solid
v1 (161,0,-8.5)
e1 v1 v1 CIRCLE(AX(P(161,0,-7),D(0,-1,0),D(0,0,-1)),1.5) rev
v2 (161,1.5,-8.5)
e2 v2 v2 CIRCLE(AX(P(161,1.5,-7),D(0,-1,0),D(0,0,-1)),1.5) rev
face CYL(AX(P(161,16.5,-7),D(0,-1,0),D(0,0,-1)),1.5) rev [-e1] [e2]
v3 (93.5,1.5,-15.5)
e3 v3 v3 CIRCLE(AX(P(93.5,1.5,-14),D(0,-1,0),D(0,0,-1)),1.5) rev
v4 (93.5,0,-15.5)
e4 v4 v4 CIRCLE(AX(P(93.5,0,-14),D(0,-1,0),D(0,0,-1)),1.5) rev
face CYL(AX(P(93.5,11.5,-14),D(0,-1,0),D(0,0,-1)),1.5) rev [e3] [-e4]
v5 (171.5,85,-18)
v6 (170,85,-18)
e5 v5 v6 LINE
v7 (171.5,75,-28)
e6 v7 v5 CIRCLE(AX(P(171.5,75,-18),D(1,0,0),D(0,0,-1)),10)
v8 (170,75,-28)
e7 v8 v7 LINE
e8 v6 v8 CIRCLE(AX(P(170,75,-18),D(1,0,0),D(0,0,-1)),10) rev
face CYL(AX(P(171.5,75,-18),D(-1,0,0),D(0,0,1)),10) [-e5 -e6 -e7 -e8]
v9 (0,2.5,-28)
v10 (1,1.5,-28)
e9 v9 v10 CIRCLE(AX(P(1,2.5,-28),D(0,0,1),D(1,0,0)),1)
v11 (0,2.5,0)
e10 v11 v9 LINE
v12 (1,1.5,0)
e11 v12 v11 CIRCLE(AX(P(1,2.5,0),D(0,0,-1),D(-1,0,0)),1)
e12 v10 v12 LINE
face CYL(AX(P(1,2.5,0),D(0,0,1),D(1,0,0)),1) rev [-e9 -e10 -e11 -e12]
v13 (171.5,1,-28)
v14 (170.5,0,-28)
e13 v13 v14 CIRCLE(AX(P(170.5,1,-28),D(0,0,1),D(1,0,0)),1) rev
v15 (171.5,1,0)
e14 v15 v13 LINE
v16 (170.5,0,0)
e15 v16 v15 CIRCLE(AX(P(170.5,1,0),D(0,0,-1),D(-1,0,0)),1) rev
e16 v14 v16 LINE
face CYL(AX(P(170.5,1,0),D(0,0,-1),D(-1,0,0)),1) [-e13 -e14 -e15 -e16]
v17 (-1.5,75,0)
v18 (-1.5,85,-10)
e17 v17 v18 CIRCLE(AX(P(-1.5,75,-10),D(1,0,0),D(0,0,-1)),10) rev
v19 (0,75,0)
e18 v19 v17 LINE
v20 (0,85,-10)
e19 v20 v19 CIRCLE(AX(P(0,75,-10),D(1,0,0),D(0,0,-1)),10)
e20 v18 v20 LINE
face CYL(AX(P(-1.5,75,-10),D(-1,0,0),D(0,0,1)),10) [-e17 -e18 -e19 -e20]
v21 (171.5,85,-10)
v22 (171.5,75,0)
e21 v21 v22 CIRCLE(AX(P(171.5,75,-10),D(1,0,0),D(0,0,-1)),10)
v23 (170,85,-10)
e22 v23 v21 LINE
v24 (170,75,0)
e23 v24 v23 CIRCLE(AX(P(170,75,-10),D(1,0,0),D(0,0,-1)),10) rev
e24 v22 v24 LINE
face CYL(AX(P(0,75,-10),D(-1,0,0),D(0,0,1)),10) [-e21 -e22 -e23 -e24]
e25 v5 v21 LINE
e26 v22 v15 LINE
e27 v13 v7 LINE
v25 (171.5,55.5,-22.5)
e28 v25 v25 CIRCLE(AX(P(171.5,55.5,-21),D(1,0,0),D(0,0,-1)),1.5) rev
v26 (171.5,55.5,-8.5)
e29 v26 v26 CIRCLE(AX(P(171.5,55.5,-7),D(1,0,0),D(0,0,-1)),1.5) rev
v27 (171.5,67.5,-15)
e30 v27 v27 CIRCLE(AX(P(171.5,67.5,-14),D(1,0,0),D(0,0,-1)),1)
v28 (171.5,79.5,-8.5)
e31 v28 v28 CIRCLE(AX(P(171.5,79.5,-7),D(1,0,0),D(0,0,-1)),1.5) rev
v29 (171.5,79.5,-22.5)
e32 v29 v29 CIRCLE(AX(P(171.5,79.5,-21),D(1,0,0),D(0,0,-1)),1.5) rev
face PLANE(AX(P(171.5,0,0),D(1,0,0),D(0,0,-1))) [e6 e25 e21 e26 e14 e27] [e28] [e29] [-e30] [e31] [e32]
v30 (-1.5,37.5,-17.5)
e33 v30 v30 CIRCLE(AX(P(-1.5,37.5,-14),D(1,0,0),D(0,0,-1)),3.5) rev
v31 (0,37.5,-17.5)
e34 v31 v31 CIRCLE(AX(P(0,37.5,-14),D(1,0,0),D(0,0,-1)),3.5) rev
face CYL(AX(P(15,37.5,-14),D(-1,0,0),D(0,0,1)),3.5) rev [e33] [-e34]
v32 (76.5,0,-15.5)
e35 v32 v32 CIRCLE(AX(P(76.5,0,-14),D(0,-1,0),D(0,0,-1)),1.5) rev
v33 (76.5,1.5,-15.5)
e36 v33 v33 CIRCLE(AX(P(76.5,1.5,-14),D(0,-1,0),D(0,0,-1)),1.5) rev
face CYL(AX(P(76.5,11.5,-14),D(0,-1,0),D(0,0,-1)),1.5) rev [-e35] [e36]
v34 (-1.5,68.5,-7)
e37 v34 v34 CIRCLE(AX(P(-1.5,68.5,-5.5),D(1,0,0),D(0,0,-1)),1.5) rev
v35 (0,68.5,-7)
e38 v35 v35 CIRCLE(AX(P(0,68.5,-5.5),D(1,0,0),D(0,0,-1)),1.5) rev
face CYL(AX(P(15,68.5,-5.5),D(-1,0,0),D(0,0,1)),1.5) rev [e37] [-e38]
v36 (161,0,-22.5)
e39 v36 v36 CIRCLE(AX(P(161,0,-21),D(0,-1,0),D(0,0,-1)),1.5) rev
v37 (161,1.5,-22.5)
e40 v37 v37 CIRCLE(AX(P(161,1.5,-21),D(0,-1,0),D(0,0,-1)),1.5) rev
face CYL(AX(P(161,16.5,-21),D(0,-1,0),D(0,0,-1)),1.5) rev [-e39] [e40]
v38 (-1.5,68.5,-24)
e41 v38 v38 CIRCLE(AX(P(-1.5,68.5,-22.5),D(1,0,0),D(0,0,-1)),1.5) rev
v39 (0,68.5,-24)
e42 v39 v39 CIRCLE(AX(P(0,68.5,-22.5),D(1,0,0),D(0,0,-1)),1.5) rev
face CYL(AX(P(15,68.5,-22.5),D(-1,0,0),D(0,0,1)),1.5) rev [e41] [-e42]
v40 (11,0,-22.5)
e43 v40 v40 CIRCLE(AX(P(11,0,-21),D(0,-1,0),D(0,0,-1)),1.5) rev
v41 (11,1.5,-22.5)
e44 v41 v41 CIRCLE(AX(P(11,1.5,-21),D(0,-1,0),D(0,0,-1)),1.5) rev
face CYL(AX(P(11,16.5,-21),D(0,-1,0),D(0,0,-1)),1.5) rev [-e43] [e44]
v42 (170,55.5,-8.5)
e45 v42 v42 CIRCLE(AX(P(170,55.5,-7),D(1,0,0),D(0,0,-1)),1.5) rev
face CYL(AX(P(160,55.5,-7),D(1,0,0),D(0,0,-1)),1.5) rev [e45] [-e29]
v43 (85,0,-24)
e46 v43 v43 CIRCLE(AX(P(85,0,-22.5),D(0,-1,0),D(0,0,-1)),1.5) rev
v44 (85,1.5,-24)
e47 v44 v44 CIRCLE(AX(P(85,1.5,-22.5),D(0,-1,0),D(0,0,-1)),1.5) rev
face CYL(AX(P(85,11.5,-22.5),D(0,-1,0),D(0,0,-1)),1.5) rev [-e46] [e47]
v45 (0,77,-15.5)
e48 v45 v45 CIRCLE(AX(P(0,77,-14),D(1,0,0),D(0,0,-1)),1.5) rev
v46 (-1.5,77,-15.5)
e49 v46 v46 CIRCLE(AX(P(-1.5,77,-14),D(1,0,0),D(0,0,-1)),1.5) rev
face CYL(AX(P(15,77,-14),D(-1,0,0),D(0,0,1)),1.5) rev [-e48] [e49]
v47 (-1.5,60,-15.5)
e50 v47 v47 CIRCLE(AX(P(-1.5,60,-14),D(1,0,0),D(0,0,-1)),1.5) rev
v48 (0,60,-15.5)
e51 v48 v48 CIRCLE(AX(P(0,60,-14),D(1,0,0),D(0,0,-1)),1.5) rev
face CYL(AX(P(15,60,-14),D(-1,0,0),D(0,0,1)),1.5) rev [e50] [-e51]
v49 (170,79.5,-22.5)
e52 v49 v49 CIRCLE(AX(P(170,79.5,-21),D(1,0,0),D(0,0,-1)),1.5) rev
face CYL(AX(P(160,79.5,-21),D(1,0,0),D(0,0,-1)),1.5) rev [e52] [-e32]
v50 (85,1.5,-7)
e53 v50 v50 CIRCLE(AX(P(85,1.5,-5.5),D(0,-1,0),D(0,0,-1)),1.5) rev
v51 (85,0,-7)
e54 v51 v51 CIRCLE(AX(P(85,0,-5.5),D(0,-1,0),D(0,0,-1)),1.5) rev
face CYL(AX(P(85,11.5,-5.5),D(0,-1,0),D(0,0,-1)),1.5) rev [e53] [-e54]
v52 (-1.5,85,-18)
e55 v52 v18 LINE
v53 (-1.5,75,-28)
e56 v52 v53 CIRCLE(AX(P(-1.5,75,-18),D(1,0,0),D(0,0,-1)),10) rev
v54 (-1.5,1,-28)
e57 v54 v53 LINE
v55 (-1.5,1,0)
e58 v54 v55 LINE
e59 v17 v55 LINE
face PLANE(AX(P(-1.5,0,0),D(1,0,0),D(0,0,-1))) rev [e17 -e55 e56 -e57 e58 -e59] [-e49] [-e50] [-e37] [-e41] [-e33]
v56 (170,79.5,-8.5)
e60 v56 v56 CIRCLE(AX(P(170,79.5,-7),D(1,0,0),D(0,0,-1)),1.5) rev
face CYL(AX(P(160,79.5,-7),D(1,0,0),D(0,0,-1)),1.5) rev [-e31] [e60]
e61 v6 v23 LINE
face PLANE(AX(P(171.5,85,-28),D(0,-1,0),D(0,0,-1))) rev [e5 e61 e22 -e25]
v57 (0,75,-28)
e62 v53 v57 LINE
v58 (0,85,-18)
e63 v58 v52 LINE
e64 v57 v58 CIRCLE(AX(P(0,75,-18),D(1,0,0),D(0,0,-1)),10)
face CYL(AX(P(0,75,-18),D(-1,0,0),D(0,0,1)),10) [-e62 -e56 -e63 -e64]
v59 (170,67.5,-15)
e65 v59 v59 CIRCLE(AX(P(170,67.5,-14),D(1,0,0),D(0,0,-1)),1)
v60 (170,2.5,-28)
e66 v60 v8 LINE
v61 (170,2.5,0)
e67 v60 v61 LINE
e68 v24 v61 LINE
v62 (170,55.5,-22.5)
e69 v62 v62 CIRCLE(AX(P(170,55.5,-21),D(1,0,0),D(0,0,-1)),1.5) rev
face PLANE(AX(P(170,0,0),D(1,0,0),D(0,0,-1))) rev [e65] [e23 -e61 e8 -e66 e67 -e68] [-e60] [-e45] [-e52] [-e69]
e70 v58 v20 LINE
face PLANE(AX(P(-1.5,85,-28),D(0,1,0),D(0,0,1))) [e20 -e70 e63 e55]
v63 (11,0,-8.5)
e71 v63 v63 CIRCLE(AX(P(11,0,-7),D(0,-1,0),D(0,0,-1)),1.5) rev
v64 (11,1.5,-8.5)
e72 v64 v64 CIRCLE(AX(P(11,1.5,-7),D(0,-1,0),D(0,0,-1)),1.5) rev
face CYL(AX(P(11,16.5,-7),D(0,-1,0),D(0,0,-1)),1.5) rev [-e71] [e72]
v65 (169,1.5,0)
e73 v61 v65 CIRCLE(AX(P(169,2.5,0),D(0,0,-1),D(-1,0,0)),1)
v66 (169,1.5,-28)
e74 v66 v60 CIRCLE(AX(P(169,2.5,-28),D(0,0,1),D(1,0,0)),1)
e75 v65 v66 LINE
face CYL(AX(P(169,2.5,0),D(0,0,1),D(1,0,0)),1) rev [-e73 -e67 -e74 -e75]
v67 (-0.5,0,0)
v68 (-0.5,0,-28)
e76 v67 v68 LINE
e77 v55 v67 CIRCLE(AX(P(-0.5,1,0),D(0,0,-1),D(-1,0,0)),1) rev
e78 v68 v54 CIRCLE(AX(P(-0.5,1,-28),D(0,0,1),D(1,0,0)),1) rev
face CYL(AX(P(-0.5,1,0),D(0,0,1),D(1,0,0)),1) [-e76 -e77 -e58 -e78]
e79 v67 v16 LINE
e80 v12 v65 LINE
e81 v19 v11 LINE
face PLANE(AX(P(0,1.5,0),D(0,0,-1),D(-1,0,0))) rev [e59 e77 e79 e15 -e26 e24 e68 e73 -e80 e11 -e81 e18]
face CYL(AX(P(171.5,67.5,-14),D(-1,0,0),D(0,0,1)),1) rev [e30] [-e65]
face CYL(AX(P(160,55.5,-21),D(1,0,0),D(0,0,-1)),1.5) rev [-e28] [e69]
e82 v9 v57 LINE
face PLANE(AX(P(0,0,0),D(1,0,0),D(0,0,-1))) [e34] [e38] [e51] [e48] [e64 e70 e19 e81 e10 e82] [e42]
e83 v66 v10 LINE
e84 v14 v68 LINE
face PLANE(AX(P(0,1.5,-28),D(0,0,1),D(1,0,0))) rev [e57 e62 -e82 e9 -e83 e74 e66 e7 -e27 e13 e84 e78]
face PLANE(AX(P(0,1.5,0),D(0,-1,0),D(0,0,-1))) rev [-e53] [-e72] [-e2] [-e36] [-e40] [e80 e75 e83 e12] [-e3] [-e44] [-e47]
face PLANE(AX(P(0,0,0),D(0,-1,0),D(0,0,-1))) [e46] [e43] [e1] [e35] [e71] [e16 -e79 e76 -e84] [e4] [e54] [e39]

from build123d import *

# Parameters (mm, degrees)
SKETCH1_W               = 170
SKETCH1_H               = 28
BOSS_EXTRUDE1_DEPTH     = 1.5
SKETCH2_W               = 28
SKETCH2_H               = 85
BOSS_EXTRUDE2_DEPTH     = 1.5
FILLET2_R               = 10
FILLET3_R               = 1
FILLET4_R               = 1
SKETCH5_R               = 1.5
CUT_EXTRUDE2_DEPTH      = 15
CUT_EXTRUDE2_DEPTH_BACK = 15
SKETCH7_R               = 3.5
CUT_EXTRUDE3_DEPTH      = 15
CUT_EXTRUDE3_DEPTH_BACK = 15
SKETCH8_R               = 1.5
CUT_EXTRUDE4_DEPTH      = 15
CUT_EXTRUDE4_DEPTH_BACK = 15
SKETCH11_W              = 28
SKETCH11_H              = 85
SKETCH11_R              = 1
BOSS_EXTRUDE5_DEPTH     = 1.5
FILLET5_R               = 1
FILLET6_R               = 1
FILLET7_R               = 10
FILLET8_R               = 10
SKETCH12_R              = 1.5
CUT_EXTRUDE5_DEPTH      = 10
CUT_EXTRUDE5_DEPTH_BACK = 10
SKETCH13_R              = 1.5
CUT_EXTRUDE6_DEPTH      = 10
CUT_EXTRUDE6_DEPTH_BACK = 10


with BuildPart() as part:
    # Sketch1 → Boss-Extrude1 (new body)
    with BuildSketch(Plane(origin=(0, 0, 0), x_dir=(1, 0, 0), z_dir=(0, 1, 0))):
        with Locations((85, 14)):
            Rectangle(SKETCH1_W, SKETCH1_H)
    extrude(amount=BOSS_EXTRUDE1_DEPTH)

    # Sketch2 → Boss-Extrude2 (add)
    with BuildSketch(Plane(origin=(0, 0, 0), x_dir=(0, 0, -1), z_dir=(1, 0, 0))):
        with Locations((14, 42.5)):
            Rectangle(SKETCH2_W, SKETCH2_H)
    extrude(amount=-BOSS_EXTRUDE2_DEPTH)

    # Fillet2
    fillet2_edges = [part.edges().sort_by_distance(p)[0] for p in [
        (-0.75, 85, -28),
        (-0.75, 85, 0),
    ]]
    fillet(fillet2_edges, radius=FILLET2_R)

    # Fillet3
    fillet3_edges = [part.edges().sort_by_distance(p)[0] for p in [
        (-1.5, 0, -14),
    ]]
    fillet(fillet3_edges, radius=FILLET3_R)

    # Fillet4
    fillet4_edges = [part.edges().sort_by_distance(p)[0] for p in [
        (0, 1.5, -14),
    ]]
    fillet(fillet4_edges, radius=FILLET4_R)

    # Sketch5 → Cut-Extrude2 (cut, two sides)
    with BuildSketch(Plane(origin=(0, 0, 0), x_dir=(0, 0, -1), z_dir=(1, 0, 0))) as cut_extrude2_sk:
        with Locations((14, 77)):
            Circle(SKETCH5_R)
        with Locations((14, 60)):
            Circle(SKETCH5_R)
        with Locations((22.5, 68.5)):
            Circle(SKETCH5_R)
        with Locations((5.5, 68.5)):
            Circle(SKETCH5_R)
    extrude(amount=CUT_EXTRUDE2_DEPTH, mode=Mode.SUBTRACT)
    extrude(cut_extrude2_sk.sketch, amount=-CUT_EXTRUDE2_DEPTH_BACK, mode=Mode.SUBTRACT)

    # Sketch7 → Cut-Extrude3 (cut, two sides)
    with BuildSketch(Plane(origin=(0, 0, 0), x_dir=(0, 0, -1), z_dir=(1, 0, 0))) as cut_extrude3_sk:
        with Locations((14, 37.5)):
            Circle(SKETCH7_R)
    extrude(amount=CUT_EXTRUDE3_DEPTH, mode=Mode.SUBTRACT)
    extrude(cut_extrude3_sk.sketch, amount=-CUT_EXTRUDE3_DEPTH_BACK, mode=Mode.SUBTRACT)

    # Sketch8 → Cut-Extrude4 (cut, two sides)
    with BuildSketch(Plane(origin=(0, 1.5, 0), x_dir=(1, 0, 0), z_dir=(0, 1, 0))) as cut_extrude4_sk:
        with Locations((161, 7)):
            Circle(SKETCH8_R)
        with Locations((11, 21)):
            Circle(SKETCH8_R)
        with Locations((11, 7)):
            Circle(SKETCH8_R)
        with Locations((161, 21)):
            Circle(SKETCH8_R)
    extrude(amount=CUT_EXTRUDE4_DEPTH, mode=Mode.SUBTRACT)
    extrude(cut_extrude4_sk.sketch, amount=-CUT_EXTRUDE4_DEPTH_BACK, mode=Mode.SUBTRACT)

    # Sketch11 → Boss-Extrude5 (add)
    with BuildSketch(Plane(origin=(170, 0, 0), x_dir=(0, 0, -1), z_dir=(1, 0, 0))):
        with Locations((14, 42.5)):
            Rectangle(SKETCH11_W, SKETCH11_H)
        with Locations((14, 67.5)):
            Circle(SKETCH11_R, mode=Mode.SUBTRACT)
    extrude(amount=BOSS_EXTRUDE5_DEPTH)

    # Fillet5
    fillet5_edges = [part.edges().sort_by_distance(p)[0] for p in [
        (170, 1.5, -14),
    ]]
    fillet(fillet5_edges, radius=FILLET5_R)

    # Fillet6
    fillet6_edges = [part.edges().sort_by_distance(p)[0] for p in [
        (171.5, 0, -14),
    ]]
    fillet(fillet6_edges, radius=FILLET6_R)

    # Fillet7
    fillet7_edges = [part.edges().sort_by_distance(p)[0] for p in [
        (170.75, 85, 0),
    ]]
    fillet(fillet7_edges, radius=FILLET7_R)

    # Fillet8
    fillet8_edges = [part.edges().sort_by_distance(p)[0] for p in [
        (170.75, 85, -28),
    ]]
    fillet(fillet8_edges, radius=FILLET8_R)

    # Sketch12 → Cut-Extrude5 (cut, two sides)
    with BuildSketch(Plane.ZY.offset(-170)) as cut_extrude5_sk:
        with Locations((-21, 79.5)):
            Circle(SKETCH12_R)
        with Locations((-7, 79.5)):
            Circle(SKETCH12_R)
        with Locations((-7, 55.5)):
            Circle(SKETCH12_R)
        with Locations((-21, 55.5)):
            Circle(SKETCH12_R)
    extrude(amount=CUT_EXTRUDE5_DEPTH, mode=Mode.SUBTRACT)
    extrude(cut_extrude5_sk.sketch, amount=-CUT_EXTRUDE5_DEPTH_BACK, mode=Mode.SUBTRACT)

    # Sketch13 → Cut-Extrude6 (cut, two sides)
    with BuildSketch(Plane(origin=(0, 1.5, 0), x_dir=(1, 0, 0), z_dir=(0, 1, 0))) as cut_extrude6_sk:
        with Locations((85, 22.5)):
            Circle(SKETCH13_R)
        with Locations((85, 5.5)):
            Circle(SKETCH13_R)
        with Locations((93.5, 14)):
            Circle(SKETCH13_R)
        with Locations((76.5, 14)):
            Circle(SKETCH13_R)
    extrude(amount=CUT_EXTRUDE6_DEPTH, mode=Mode.SUBTRACT)
    extrude(cut_extrude6_sk.sketch, amount=-CUT_EXTRUDE6_DEPTH_BACK, mode=Mode.SUBTRACT)


solid = part.part
